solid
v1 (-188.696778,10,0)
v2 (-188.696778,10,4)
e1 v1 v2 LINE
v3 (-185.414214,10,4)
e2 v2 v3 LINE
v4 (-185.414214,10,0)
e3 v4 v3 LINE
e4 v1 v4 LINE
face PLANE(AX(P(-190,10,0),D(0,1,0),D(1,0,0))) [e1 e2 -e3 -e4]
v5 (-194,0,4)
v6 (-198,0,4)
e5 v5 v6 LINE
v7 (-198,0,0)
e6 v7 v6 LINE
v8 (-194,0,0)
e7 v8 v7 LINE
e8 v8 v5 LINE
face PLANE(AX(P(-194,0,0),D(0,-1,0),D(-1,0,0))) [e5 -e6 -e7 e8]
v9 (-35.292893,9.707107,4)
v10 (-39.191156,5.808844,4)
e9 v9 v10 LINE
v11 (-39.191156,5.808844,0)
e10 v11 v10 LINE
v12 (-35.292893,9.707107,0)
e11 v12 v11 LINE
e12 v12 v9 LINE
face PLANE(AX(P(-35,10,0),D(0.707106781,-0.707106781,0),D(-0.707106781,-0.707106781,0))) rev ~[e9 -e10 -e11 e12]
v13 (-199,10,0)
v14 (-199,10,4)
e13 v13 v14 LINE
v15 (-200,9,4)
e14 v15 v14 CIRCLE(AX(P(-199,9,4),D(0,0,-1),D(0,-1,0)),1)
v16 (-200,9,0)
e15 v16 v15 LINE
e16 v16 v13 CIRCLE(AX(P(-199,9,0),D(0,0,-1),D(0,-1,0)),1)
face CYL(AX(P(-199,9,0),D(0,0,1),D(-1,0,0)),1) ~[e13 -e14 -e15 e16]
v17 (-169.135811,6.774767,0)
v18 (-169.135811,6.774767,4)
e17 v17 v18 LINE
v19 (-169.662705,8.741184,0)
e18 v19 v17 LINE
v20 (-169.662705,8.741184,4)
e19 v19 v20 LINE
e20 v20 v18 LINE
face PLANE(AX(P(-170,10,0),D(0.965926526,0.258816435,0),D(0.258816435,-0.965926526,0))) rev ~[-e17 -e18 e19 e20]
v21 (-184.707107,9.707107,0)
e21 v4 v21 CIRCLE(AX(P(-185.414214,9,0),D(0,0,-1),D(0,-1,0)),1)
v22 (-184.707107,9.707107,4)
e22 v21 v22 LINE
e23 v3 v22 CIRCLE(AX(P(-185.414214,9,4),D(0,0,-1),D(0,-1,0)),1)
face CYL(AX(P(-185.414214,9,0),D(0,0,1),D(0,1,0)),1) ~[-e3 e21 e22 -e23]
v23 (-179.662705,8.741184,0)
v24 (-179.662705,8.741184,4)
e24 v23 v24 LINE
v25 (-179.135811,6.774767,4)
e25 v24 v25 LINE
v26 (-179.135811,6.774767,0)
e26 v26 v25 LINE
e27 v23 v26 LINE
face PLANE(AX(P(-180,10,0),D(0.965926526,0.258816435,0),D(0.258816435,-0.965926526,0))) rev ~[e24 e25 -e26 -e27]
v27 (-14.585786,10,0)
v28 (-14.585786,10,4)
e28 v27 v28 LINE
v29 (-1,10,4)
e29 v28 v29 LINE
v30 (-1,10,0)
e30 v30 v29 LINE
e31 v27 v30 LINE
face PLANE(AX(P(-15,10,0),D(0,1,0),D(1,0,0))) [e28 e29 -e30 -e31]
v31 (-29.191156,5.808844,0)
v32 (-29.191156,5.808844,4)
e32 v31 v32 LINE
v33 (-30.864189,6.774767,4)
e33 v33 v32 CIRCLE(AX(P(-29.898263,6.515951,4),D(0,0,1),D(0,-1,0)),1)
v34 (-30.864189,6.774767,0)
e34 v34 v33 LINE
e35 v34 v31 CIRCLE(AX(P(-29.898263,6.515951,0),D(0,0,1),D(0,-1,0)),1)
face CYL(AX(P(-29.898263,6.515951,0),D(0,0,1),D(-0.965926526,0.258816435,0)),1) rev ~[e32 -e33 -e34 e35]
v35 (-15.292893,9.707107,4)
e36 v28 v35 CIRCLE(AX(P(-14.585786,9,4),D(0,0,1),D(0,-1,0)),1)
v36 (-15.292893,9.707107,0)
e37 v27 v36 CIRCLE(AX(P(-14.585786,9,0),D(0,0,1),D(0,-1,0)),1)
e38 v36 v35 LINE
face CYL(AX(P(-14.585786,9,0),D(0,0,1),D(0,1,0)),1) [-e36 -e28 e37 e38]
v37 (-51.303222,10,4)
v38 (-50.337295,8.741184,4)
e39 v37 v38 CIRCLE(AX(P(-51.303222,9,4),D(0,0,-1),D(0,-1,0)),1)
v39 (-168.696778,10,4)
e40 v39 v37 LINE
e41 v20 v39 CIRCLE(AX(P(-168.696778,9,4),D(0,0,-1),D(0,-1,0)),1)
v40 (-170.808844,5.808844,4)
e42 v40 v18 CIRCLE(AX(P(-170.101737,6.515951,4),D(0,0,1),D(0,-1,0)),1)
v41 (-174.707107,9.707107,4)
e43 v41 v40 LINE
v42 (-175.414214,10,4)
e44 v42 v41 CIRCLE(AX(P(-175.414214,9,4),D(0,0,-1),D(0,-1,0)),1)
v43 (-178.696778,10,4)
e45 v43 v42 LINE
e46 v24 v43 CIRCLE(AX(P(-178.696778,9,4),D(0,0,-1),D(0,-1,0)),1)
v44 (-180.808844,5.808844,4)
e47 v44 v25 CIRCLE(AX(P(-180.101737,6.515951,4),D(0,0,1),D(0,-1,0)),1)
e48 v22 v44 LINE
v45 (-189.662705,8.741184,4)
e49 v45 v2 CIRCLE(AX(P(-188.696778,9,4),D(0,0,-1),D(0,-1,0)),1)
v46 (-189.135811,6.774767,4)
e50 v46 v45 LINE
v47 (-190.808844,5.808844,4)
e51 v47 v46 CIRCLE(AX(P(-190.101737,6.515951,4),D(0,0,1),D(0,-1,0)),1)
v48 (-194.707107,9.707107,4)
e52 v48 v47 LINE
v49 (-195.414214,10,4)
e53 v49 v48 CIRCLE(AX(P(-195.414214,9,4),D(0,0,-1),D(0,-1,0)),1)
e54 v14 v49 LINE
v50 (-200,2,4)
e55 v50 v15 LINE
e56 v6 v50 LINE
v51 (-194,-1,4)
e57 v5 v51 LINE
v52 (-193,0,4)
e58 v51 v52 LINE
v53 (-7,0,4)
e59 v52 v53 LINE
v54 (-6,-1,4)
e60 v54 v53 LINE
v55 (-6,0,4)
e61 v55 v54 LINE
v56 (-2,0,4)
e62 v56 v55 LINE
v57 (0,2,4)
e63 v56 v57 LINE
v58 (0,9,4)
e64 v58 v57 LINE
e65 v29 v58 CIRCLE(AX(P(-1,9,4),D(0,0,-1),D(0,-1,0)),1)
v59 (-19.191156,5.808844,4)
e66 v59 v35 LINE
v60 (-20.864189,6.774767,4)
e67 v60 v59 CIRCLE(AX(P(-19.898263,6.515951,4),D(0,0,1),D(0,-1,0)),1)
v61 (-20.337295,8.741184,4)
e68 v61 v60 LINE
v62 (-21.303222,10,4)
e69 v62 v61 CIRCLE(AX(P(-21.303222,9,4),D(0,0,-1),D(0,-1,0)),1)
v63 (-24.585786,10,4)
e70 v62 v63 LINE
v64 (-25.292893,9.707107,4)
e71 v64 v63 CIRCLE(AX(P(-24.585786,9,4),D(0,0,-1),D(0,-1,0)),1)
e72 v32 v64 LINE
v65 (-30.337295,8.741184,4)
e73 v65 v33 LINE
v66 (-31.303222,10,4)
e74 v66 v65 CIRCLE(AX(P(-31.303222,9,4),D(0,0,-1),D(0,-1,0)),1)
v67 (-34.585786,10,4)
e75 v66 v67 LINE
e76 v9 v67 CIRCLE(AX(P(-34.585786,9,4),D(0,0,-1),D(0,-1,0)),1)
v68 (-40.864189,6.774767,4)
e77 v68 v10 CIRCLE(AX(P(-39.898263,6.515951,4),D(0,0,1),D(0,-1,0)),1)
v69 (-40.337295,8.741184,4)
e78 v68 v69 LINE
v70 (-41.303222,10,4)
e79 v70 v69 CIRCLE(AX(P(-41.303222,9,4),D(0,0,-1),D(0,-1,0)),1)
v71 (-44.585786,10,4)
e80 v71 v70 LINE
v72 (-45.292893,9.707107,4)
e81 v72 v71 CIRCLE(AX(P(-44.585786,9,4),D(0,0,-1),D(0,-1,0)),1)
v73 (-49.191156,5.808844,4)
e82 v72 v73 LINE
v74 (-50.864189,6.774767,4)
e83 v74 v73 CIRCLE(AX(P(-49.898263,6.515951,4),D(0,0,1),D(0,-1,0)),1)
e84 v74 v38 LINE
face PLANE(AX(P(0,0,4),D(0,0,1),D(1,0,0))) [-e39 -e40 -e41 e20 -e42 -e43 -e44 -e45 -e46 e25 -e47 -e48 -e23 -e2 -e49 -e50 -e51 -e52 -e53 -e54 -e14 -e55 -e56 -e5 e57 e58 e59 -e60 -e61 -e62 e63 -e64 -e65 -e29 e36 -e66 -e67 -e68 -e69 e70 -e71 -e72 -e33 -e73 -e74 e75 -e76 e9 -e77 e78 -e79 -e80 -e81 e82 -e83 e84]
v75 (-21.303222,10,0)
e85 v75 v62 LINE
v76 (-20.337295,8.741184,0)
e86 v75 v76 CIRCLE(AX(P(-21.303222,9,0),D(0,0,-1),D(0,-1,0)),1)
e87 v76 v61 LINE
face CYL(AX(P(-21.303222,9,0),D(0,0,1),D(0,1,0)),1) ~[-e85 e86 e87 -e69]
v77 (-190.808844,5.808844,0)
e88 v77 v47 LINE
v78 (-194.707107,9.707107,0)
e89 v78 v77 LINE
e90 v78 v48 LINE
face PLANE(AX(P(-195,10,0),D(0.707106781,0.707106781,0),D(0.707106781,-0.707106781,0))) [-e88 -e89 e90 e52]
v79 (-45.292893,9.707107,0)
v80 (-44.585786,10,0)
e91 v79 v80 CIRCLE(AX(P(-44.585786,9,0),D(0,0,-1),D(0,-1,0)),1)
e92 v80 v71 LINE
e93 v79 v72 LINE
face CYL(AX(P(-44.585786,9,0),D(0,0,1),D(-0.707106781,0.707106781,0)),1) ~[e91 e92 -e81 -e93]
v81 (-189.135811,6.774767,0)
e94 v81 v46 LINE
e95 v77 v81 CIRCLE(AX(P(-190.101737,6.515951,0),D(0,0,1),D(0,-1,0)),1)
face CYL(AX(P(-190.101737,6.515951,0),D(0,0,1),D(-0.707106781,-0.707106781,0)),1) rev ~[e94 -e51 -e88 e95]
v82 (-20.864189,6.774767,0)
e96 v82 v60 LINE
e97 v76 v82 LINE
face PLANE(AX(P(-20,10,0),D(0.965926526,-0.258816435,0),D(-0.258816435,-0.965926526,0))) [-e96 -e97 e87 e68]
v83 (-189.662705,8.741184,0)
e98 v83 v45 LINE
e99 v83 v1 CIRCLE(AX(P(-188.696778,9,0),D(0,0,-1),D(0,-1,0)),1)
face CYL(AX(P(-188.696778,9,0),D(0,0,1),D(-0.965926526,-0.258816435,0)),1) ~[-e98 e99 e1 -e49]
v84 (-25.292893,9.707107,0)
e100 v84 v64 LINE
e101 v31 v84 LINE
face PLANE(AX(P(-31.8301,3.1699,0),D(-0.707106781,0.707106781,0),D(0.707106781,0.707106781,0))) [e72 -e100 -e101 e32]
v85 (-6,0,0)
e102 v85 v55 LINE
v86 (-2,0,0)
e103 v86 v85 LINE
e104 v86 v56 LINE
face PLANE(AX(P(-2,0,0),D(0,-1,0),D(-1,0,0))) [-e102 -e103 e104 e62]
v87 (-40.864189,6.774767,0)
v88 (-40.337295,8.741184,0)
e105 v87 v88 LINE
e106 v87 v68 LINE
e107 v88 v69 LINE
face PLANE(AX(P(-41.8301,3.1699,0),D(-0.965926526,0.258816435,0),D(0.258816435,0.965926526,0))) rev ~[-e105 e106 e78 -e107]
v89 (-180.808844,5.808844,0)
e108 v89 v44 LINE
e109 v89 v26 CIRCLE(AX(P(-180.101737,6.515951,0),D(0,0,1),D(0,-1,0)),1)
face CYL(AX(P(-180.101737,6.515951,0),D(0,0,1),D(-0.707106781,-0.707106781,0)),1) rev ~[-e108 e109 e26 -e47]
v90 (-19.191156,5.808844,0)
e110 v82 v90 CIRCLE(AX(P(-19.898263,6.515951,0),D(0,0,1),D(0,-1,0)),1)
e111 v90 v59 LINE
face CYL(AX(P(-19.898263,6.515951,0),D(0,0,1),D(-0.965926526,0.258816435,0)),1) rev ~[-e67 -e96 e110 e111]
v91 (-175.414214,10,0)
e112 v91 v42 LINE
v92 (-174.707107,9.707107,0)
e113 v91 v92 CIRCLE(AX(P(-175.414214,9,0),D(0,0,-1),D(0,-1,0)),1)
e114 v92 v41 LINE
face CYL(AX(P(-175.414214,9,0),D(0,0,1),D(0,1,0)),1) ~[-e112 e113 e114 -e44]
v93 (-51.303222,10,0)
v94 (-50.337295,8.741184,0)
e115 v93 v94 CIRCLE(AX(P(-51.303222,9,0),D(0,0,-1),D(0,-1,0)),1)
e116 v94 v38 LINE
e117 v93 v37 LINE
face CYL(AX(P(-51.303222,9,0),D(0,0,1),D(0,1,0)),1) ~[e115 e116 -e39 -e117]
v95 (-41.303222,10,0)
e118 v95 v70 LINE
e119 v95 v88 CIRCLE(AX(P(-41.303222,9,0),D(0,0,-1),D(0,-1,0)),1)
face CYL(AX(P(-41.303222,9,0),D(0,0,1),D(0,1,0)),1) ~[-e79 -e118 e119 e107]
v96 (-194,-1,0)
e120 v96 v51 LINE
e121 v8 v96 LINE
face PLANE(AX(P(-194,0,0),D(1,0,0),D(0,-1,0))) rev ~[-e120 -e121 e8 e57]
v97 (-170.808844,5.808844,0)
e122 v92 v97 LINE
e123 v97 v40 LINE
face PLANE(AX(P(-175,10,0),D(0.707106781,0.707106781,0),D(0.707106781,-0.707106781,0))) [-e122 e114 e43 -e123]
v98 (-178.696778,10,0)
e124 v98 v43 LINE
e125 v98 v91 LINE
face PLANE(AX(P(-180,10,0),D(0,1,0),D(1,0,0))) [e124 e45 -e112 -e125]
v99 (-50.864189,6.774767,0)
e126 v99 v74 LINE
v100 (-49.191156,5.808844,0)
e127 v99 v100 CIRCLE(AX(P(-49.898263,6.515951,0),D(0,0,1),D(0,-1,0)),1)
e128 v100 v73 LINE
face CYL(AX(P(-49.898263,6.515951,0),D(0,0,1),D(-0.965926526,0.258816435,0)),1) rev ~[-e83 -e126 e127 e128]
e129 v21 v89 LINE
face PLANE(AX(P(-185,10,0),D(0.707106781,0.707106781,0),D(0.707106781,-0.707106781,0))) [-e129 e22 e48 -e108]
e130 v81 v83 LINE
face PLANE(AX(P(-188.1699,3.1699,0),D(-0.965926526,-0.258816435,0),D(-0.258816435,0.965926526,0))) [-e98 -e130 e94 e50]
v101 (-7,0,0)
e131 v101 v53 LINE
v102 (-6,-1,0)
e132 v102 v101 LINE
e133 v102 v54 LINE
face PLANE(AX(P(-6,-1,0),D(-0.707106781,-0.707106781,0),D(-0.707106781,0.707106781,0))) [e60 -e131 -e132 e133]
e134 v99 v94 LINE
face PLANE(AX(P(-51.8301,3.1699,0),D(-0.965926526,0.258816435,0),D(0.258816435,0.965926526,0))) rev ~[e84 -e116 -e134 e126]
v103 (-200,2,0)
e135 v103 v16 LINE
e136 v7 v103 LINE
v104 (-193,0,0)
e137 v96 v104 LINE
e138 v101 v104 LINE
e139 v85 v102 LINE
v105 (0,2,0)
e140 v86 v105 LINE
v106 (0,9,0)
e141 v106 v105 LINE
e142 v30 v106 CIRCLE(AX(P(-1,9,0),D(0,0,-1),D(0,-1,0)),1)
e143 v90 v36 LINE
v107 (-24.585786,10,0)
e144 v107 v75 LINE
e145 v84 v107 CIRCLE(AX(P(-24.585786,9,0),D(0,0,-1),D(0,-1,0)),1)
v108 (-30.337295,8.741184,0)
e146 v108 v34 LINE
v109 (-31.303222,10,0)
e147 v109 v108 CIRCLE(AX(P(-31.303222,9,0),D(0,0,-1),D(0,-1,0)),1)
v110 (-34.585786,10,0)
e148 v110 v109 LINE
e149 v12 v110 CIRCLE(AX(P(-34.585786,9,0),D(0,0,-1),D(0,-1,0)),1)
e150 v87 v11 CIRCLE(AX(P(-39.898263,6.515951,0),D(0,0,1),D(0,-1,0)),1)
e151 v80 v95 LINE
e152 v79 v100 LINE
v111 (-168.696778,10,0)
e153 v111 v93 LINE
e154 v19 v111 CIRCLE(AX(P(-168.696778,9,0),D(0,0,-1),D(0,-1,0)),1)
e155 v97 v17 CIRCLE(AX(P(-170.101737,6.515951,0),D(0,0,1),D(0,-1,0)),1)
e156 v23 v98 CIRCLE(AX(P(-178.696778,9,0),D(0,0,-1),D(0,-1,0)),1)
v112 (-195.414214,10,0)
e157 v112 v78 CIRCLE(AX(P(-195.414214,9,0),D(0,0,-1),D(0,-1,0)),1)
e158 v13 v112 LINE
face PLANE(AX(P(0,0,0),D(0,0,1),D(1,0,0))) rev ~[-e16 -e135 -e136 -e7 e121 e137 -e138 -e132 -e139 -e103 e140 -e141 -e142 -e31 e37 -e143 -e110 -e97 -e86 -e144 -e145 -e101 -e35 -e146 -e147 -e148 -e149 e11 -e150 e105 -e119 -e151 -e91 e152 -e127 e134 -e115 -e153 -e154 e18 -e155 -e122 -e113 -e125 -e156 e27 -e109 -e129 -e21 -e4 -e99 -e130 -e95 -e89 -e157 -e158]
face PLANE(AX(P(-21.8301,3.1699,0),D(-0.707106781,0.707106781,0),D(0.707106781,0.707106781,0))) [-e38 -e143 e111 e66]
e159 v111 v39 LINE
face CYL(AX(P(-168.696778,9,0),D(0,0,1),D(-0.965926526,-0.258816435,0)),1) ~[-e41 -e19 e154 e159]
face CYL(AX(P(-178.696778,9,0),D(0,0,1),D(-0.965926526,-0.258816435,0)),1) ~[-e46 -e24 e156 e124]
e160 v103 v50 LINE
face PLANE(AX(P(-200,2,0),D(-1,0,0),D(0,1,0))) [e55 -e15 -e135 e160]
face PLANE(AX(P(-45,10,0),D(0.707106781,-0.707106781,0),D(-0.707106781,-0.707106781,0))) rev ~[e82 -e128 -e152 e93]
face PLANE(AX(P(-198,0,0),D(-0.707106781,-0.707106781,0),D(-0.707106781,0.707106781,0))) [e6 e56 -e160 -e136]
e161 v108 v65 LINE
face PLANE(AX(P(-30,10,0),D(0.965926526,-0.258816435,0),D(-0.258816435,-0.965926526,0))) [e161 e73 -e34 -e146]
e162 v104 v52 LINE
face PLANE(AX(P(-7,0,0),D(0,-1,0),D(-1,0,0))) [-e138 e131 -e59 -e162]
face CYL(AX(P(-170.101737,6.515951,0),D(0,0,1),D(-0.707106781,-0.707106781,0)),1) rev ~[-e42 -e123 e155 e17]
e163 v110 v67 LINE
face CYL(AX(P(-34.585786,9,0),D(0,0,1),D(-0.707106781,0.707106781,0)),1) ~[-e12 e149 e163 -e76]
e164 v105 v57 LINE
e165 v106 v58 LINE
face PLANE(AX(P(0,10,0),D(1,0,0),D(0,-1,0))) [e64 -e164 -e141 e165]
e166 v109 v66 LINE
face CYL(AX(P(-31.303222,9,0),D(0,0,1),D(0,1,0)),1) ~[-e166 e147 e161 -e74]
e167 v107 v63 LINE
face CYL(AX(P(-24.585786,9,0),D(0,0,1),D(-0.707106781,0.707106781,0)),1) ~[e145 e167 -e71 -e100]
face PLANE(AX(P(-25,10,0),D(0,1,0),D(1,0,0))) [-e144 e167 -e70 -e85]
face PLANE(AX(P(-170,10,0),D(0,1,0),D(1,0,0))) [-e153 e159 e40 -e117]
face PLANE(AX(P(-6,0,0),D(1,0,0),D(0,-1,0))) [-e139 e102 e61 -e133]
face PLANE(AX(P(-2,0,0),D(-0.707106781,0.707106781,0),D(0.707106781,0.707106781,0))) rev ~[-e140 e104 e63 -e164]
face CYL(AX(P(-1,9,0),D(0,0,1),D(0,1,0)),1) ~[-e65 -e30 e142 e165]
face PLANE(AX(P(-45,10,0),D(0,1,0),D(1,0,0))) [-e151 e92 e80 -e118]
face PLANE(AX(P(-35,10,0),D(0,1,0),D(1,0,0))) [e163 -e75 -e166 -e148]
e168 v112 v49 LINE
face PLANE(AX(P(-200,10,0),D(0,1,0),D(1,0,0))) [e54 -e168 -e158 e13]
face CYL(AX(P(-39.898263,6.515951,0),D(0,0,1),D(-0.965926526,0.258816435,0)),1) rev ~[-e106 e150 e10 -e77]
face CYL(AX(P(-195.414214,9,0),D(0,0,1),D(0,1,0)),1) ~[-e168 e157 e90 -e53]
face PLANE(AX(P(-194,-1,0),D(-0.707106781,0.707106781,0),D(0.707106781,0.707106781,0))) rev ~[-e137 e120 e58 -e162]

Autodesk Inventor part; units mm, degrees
ref_plane "YZ Plane" through (0, 0, 0) normal (1, 0, 0) x (0, 1, 0)
ref_plane "XZ Plane" through (0, 0, 0) normal (0, 1, 0) x (-1, 0, 0)
ref_plane "XY Plane" through (0, 0, 0) normal (0, 0, 1) x (1, 0, 0)
sketch "Эскиз1" plane through (0, 0, 0) normal (0, 0, 1) x (1, 0, 0)
  line L0 (0, 0) -> (-200, 0)
  line L1 (-200, 0) -> (-200, 10)
  line L2 (-200, 10) -> (0, 10)
  line L3 (0, 10) -> (0, 0)
  line L4 (-156.1916, 10) -> (-150.6349, 10) construction
  line L5 (-195, 10) -> (-188.1699, 3.1699)
  line L6 (-185, 10) -> (-178.1699, 3.1699)
  line L7 (-175, 10) -> (-168.1699, 3.1699)
  line L8 (-40, 10) -> (-34.5353, 10)
  line L9 (-30, 10) -> (-25, 10)
  line L10 (-23.8869, 10) -> (-18.8869, 10)
  line L11 (-45, 10) -> (-50, 10)
  line L12 (-200, 0) -> (-199, -1)
  line L13 (-200, 0) -> (-198.5858, 0) construction
  line L14 (-199, -1) -> (-199, 0)
  line L15 (-194, 0) -> (-194, -1)
  line L16 (-194, -1) -> (-193, 0)
  line L17 (0, 0) -> (-1, -1)
  line L18 (0, 0) -> (1.4142, 0) construction
  line L19 (-1, -1) -> (-1, 0)
  line L20 (-6, 0) -> (-6, -1)
  line L21 (-6, -1) -> (-7, 0)
  line L22 (-102, 0) -> (-102, -1)
  line L23 (-102, -1) -> (-103, 0)
  line L24 (-98, 0) -> (-98, -1)
  line L25 (-98, -1) -> (-97, 0)
  line L26 (-188.1699, 3.1699) -> (-190, 10)
  line L27 (-180, 10) -> (-178.1699, 3.1699)
  line L28 (-170, 10) -> (-168.1699, 3.1699)
  line L29 (-35, 10) -> (-41.8301, 3.1699)
  line L30 (-41.8301, 3.1699) -> (-40, 10)
  line L31 (-30, 10) -> (-31.8301, 3.1699)
  line L32 (-31.8301, 3.1699) -> (-25, 10)
  line L33 (-20, 10) -> (-21.8301, 3.1699)
  line L34 (-21.8301, 3.1699) -> (-15, 10)
  line L35 (-45, 10) -> (-51.8301, 3.1699)
  line L36 (-51.8301, 3.1699) -> (-50, 10)
  line L37 (-198, 0) -> (-200, 2)
  line L38 (-2, 0) -> (0, 2)
  point P0 (-200, 5)
  point P1 (-100, 0)
  point P2 (-191.5849, 6.5849)
  dimension "d0" = 200
  dimension "d1" = 10
  dimension "d3" = 45
  dimension "d4" = 5
  dimension "d7" = 5
  dimension "d8" = 45
  dimension "d9" = 45
  dimension "d10" = 0
  dimension "d11" = 0
  dimension "d21" = 45
  dimension "d22" = 45
  dimension "d23" = 1
  dimension "d25" = 1
  dimension "d26" = 135
  dimension "d27" = 1
  dimension "d29" = 1
  dimension "d30" = 45
  dimension "d31" = 2
  dimension "d32" = 45
  dimension "d33" = 1
  dimension "d34" = 1
  dimension "d35" = 2
  dimension "d36" = 45
  dimension "d37" = 75
  dimension "d38" = 5
  dimension "d40" = 5
  dimension "d41" = 5
  dimension "d42" = 5
  dimension "d43" = 150
  dimension "d44" = 5
  dimension "d46" = 5
  dimension "d47" = 5
  dimension "d48" = 5
  dimension "d49" = 5
  dimension "d51" = 45
  dimension "d52" = 75
  dimension "d53" = 5
  dimension "d54" = 5
  dimension "d55" = 75
  dimension "d56" = 75
  dimension "d57" = 45
  dimension "d58" = 45
  dimension "d59" = 45
  dimension "d60" = 75
  dimension "d67" = 45
  dimension "d68" = 2
  dimension "d69" = 4
  dimension "d70" = 45
  dimension "d71" = 2
  dimension "d72" = 4
extrude "Выдавливание1" add sketch "Эскиз1" along normal blind 4 contours L38 L0 L37 L1 L2 L5 L26 L6 L27 L7 L28 L36 L35 L30 L29 L31 L32 L33 L34 L3 | L20 L21 L0 | L16 L15 L0
fillet "Сопряжение1" radius 1 21 edges at (-190, 10, 2) (-188.1699, 3.1699, 2) (-195, 10, 2) (-185, 10, 2) (-178.1699, 3.1699, 2) (-180, 10, 2) (-168.1699, 3.1699, 2) (-175, 10, 2) (-170, 10, 2) (-50, 10, 2) (-51.8301, 3.1699, 2) (-41.8301, 3.1699, 2) (-31.8301, 3.1699, 2) (-30, 10, 2) (-40, 10, 2) (-45, 10, 2) (-35, 10, 2) (-25, 10, 2) (-20, 10, 2) (-21.8301, 3.1699, 2) (-15, 10, 2)
fillet "Сопряжение2" radius 1 2 edges at (0, 10, 2) (-200, 10, 2)
properties part number "trunk"
